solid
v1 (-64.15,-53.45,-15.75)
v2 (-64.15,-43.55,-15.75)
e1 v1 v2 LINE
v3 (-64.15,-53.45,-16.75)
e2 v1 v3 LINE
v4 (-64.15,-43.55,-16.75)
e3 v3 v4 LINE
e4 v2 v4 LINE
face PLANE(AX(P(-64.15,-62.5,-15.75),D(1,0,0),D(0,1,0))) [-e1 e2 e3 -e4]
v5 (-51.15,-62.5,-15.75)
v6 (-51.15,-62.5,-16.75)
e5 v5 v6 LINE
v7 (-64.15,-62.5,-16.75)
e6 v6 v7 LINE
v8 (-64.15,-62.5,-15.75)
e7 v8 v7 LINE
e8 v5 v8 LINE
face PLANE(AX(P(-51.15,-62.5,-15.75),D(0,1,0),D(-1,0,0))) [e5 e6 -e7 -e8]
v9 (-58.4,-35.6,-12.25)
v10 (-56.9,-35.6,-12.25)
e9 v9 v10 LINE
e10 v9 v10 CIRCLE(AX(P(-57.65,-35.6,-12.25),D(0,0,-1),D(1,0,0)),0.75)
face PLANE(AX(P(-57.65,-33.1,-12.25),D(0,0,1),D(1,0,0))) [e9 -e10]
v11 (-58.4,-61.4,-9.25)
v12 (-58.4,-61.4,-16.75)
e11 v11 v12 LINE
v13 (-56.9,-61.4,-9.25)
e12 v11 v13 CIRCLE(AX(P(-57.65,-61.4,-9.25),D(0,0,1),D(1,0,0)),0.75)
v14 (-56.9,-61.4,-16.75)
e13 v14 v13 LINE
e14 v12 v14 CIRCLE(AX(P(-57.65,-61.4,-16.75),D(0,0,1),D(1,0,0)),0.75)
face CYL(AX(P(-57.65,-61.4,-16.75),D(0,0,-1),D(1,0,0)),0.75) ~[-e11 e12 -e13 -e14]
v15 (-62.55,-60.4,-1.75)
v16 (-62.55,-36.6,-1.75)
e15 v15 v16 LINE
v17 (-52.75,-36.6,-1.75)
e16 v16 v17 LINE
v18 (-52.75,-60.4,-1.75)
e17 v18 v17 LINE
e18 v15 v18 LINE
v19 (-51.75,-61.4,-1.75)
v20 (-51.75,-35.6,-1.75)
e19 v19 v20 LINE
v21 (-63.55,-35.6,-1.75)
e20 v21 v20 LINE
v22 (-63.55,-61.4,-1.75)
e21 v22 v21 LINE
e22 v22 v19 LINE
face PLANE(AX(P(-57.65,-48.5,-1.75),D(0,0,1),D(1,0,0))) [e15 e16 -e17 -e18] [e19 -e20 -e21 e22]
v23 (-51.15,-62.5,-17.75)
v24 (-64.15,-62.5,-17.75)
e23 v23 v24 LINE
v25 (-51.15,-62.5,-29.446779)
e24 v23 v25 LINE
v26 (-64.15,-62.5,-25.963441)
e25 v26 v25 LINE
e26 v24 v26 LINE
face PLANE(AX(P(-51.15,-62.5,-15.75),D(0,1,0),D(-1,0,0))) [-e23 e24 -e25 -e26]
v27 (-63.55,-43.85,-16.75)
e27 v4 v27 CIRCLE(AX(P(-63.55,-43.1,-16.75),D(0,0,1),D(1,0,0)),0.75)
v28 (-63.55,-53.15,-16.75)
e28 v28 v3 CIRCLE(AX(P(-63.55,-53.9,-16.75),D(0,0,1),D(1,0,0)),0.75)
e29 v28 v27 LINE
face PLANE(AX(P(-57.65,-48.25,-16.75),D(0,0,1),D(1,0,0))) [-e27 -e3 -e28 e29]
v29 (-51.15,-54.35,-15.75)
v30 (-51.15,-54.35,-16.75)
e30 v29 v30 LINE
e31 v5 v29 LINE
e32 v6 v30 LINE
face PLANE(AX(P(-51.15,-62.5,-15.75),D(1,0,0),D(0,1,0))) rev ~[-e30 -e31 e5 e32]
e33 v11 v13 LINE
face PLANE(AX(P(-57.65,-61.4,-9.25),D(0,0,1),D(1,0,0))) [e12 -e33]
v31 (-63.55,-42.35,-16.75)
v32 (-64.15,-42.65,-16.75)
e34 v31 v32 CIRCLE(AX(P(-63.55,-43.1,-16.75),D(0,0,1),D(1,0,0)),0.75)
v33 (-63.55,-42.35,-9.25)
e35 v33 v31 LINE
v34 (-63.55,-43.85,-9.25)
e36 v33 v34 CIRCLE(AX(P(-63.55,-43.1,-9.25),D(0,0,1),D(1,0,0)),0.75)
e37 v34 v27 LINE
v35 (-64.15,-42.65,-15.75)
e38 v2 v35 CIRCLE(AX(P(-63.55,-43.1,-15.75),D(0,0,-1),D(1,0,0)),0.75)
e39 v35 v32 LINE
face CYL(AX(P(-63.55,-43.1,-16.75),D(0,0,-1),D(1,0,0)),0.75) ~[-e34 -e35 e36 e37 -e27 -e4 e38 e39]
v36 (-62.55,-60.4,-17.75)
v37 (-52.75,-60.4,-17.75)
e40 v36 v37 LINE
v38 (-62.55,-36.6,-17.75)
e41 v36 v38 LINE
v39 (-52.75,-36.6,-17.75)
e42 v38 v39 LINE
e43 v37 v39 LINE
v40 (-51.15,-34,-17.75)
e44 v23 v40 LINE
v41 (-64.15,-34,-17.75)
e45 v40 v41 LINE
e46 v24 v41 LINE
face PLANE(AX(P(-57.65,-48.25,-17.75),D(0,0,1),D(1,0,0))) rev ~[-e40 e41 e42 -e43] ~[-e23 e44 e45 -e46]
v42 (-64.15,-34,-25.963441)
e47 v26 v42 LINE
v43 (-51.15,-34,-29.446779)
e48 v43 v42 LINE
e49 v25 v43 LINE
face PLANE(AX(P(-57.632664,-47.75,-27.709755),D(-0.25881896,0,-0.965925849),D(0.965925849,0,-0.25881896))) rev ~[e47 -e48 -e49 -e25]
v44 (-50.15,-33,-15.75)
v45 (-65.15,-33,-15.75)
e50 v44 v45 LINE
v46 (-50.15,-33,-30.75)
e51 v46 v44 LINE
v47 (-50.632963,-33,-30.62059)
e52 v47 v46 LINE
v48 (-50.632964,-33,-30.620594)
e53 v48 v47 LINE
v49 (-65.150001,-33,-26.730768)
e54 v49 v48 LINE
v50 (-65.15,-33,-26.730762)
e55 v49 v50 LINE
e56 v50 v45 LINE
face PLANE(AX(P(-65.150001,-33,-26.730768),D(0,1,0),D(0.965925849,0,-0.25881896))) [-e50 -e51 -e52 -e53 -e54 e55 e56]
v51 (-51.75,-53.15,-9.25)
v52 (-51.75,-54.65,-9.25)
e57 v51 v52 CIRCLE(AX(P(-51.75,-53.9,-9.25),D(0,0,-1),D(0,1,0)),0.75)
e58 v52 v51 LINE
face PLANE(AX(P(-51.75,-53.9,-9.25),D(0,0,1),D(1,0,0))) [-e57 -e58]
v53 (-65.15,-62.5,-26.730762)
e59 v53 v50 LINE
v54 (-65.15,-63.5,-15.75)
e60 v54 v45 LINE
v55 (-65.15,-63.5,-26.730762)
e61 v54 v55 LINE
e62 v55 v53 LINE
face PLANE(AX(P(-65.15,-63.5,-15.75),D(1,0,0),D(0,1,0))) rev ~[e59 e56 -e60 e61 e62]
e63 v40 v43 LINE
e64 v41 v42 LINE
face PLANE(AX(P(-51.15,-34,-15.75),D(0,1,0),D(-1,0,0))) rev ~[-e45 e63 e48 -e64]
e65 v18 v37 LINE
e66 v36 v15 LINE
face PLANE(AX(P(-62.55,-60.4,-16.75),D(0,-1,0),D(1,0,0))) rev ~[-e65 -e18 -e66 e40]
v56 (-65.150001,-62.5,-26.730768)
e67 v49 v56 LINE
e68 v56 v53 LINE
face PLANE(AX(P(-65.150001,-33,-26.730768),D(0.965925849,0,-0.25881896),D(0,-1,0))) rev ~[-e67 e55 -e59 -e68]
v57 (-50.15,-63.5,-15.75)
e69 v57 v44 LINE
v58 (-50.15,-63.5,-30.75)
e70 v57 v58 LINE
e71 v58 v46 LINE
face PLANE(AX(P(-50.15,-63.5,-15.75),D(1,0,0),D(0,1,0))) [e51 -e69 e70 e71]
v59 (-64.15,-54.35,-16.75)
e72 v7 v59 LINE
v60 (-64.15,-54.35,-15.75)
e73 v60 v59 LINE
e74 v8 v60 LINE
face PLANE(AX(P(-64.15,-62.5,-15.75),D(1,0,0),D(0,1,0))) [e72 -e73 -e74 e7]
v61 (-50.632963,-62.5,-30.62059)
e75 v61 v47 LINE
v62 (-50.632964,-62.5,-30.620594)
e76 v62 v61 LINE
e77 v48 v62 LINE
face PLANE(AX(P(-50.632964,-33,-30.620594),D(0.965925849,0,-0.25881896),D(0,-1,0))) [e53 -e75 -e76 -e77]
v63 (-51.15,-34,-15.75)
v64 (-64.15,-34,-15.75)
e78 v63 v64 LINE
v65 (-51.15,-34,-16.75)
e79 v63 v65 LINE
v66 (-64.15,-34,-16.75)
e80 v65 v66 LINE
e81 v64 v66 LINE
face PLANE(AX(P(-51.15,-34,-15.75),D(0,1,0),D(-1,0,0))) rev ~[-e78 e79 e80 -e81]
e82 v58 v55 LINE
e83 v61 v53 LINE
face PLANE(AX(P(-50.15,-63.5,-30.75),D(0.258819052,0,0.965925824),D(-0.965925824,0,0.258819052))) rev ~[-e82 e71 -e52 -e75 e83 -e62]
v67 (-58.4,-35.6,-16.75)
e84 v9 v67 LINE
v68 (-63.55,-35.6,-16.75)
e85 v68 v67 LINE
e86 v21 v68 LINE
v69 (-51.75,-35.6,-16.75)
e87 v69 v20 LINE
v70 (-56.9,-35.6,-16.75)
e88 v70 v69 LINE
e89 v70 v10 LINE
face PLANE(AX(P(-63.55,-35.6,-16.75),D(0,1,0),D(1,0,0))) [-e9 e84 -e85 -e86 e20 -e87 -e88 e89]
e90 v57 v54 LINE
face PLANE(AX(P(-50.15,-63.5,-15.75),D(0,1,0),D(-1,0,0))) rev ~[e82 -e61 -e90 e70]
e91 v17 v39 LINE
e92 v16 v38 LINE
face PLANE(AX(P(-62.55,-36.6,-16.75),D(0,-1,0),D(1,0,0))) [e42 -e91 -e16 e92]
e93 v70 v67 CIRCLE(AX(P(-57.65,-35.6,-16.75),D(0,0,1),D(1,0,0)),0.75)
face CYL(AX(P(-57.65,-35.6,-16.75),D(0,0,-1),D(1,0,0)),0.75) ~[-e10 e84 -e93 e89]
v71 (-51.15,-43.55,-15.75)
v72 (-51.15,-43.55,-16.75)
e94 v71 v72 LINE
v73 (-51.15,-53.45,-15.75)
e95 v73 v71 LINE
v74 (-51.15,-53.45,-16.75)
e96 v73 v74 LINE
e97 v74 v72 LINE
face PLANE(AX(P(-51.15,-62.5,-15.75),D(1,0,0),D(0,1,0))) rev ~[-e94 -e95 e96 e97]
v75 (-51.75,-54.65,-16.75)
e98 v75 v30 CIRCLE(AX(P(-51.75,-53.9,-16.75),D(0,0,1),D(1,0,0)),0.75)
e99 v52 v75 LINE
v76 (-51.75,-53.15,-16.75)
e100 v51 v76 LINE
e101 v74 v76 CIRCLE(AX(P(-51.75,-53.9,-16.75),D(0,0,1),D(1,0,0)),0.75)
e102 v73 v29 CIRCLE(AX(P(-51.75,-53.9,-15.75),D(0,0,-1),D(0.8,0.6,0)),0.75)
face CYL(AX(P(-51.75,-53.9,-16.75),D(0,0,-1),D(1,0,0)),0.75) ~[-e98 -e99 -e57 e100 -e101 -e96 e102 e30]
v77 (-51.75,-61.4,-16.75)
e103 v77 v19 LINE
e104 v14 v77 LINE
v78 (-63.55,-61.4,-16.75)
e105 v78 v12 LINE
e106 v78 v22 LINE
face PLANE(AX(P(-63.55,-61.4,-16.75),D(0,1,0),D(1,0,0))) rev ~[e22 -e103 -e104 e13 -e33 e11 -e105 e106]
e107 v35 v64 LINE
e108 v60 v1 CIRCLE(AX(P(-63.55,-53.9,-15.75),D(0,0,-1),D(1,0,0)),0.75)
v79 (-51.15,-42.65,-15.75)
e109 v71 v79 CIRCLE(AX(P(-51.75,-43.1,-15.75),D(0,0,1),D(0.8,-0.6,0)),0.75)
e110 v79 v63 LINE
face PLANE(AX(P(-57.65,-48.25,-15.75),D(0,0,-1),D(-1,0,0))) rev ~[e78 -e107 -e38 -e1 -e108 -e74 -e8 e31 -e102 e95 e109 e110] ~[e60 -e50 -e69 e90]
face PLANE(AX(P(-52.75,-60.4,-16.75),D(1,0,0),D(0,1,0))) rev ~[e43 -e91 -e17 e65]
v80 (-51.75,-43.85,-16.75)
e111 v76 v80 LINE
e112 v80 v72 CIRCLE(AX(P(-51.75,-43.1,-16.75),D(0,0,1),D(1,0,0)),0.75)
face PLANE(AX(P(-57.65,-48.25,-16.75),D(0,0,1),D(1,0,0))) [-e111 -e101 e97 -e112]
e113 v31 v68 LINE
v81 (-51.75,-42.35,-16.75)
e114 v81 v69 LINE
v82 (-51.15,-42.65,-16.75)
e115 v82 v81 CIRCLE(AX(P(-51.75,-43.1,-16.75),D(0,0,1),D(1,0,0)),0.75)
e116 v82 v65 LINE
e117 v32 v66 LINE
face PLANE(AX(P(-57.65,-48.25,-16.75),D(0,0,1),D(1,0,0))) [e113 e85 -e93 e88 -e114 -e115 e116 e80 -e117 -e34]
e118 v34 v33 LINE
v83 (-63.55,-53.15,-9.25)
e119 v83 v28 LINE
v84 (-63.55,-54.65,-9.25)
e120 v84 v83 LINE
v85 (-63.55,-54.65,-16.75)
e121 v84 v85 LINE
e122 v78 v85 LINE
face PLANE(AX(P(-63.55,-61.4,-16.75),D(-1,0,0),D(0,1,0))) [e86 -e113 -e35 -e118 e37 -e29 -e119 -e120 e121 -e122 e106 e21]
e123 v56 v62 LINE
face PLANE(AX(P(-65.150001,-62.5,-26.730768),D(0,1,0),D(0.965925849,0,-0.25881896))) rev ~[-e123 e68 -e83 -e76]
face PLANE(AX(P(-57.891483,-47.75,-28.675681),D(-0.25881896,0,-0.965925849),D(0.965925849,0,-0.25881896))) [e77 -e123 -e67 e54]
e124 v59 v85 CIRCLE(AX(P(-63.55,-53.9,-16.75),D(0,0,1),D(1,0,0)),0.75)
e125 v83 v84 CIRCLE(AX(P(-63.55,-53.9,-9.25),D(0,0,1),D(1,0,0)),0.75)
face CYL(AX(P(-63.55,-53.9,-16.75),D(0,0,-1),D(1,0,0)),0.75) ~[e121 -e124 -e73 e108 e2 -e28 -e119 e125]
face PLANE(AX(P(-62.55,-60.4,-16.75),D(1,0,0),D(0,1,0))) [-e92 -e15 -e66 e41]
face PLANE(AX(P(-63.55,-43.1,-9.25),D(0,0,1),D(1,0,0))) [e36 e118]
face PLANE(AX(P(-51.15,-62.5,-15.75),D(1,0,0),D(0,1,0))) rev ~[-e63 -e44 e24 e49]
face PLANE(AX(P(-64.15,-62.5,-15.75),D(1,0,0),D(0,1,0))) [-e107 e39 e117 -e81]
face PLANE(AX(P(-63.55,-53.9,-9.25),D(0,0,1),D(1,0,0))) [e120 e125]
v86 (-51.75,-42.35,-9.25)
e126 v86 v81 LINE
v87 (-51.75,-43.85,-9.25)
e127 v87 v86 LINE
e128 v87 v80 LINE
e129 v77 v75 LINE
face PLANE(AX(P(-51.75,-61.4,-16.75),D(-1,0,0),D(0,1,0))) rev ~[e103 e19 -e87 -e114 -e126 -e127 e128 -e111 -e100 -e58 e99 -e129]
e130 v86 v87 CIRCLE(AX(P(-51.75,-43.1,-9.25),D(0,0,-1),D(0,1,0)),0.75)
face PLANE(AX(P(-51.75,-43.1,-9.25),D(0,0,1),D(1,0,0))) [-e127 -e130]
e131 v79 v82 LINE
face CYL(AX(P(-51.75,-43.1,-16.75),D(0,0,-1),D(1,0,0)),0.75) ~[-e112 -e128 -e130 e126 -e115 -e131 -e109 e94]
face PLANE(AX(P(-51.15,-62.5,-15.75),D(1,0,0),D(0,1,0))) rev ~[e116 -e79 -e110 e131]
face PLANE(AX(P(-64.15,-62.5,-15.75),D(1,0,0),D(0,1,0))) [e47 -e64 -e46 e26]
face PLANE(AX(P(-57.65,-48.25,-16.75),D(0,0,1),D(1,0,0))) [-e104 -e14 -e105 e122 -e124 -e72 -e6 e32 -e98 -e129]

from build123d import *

# Parameters (mm, degrees)
SKETCH061_W        = 11.8
SKETCH061_H        = 25.8
SKETCH061_W_2      = 9.8
SKETCH061_H_2      = 23.8
PAD031_DEPTH       = 15
SKETCH062_W        = 15
SKETCH062_H        = 30.5
SKETCH062_W_2      = 9.8
SKETCH062_H_2      = 23.8
PAD032_DEPTH       = 1
SKETCH063_W        = 15
SKETCH063_H        = 30.5
SKETCH063_W_2      = 13
SKETCH063_H_2      = 28.5
PAD033_DEPTH       = 15
POCKET007016_DEPTH = 30.501
SKETCH081_R        = 0.75
PAD042_DEPTH       = 7.5
SKETCH065_W        = 15.029142
SKETCH065_H        = 29.5
PAD034_DEPTH       = 1
SKETCH066_W        = 13.8
SKETCH066_H        = 5
POCKET007017_DEPTH = 3


with BuildPart() as part:
    # Sketch061 → Pad031 (new body)
    with BuildSketch(Plane.XY):
        with Locations((-57.65, -16.5)):
            Rectangle(SKETCH061_W, SKETCH061_H)
        with Locations((-57.65, -16.5)):
            Rectangle(SKETCH061_W_2, SKETCH061_H_2, mode=Mode.SUBTRACT)
    extrude(amount=PAD031_DEPTH)

    # Sketch062 → Pad032 (join)
    with BuildSketch(Plane.XY):
        with Locations((-57.65, -16.25)):
            Rectangle(SKETCH062_W, SKETCH062_H)
        with Locations((-57.65, -16.5)):
            Rectangle(SKETCH062_W_2, SKETCH062_H_2, mode=Mode.SUBTRACT)
    extrude(amount=-PAD032_DEPTH)

    # Sketch063 (on DatumPlane) → Pad033 (join)
    with BuildSketch(Plane(origin=(0, 0, 1), x_dir=(-1, 0, 0), z_dir=(0, 0, -1))):
        with Locations((57.65, -16.25)):
            Rectangle(SKETCH063_W, SKETCH063_H)
        with Locations((57.65, -16.25)):
            Rectangle(SKETCH063_W_2, SKETCH063_H_2, mode=Mode.SUBTRACT)
    extrude(amount=PAD033_DEPTH)

    # Sketch064 (on DatumPlane) → Pocket007016 (cut, through all)
    with BuildSketch(Plane(origin=(-65.15, -31.5, 1), x_dir=(1, 0, 0), z_dir=(0, -1, 0))):
        Polygon((15, -15), (0, -10.980762), (0, -15), align=None)
    extrude(amount=-POCKET007016_DEPTH, mode=Mode.SUBTRACT)

    # Sketch081 (on DatumPlane) → Pad042 (join)
    with BuildSketch(Plane.XY):
        with Locations((-57.65, -3.6)):
            Circle(SKETCH081_R)
        with Locations((-57.65, -29.4)):
            Circle(SKETCH081_R)
        with Locations((-51.75, -21.9)):
            Circle(SKETCH081_R)
        with Locations((-51.75, -11.1)):
            Circle(SKETCH081_R)
        with Locations((-63.55, -11.1)):
            Circle(SKETCH081_R)
        with Locations((-63.55, -21.9)):
            Circle(SKETCH081_R)
    extrude(amount=PAD042_DEPTH)

    # Sketch065 (on Face37 of Pocket007016) → Pad034 (join)
    with BuildSketch(Plane(origin=(-6.859413, 0, -25.599678), x_dir=(0.965926, 0, -0.258819), z_dir=(-0.258819, 0, -0.965926))):
        with Locations((-52.832285, 15.75)):
            Rectangle(SKETCH065_W, SKETCH065_H)
    extrude(amount=-PAD034_DEPTH)

    # Sketch066 (on Face36 of Pad034) → Pocket007017 (cut)
    with BuildSketch(Plane.XY.offset(7.5)):
        with Locations((-57.65, -1.1)):
            Rectangle(SKETCH066_W, SKETCH066_H)
    extrude(amount=-POCKET007017_DEPTH, mode=Mode.SUBTRACT)


with BuildPart() as part_1:
    # Body004 placement: moved
    add(part.part.moved(Location((0, -32, -16.75))))


solid = part_1.part
